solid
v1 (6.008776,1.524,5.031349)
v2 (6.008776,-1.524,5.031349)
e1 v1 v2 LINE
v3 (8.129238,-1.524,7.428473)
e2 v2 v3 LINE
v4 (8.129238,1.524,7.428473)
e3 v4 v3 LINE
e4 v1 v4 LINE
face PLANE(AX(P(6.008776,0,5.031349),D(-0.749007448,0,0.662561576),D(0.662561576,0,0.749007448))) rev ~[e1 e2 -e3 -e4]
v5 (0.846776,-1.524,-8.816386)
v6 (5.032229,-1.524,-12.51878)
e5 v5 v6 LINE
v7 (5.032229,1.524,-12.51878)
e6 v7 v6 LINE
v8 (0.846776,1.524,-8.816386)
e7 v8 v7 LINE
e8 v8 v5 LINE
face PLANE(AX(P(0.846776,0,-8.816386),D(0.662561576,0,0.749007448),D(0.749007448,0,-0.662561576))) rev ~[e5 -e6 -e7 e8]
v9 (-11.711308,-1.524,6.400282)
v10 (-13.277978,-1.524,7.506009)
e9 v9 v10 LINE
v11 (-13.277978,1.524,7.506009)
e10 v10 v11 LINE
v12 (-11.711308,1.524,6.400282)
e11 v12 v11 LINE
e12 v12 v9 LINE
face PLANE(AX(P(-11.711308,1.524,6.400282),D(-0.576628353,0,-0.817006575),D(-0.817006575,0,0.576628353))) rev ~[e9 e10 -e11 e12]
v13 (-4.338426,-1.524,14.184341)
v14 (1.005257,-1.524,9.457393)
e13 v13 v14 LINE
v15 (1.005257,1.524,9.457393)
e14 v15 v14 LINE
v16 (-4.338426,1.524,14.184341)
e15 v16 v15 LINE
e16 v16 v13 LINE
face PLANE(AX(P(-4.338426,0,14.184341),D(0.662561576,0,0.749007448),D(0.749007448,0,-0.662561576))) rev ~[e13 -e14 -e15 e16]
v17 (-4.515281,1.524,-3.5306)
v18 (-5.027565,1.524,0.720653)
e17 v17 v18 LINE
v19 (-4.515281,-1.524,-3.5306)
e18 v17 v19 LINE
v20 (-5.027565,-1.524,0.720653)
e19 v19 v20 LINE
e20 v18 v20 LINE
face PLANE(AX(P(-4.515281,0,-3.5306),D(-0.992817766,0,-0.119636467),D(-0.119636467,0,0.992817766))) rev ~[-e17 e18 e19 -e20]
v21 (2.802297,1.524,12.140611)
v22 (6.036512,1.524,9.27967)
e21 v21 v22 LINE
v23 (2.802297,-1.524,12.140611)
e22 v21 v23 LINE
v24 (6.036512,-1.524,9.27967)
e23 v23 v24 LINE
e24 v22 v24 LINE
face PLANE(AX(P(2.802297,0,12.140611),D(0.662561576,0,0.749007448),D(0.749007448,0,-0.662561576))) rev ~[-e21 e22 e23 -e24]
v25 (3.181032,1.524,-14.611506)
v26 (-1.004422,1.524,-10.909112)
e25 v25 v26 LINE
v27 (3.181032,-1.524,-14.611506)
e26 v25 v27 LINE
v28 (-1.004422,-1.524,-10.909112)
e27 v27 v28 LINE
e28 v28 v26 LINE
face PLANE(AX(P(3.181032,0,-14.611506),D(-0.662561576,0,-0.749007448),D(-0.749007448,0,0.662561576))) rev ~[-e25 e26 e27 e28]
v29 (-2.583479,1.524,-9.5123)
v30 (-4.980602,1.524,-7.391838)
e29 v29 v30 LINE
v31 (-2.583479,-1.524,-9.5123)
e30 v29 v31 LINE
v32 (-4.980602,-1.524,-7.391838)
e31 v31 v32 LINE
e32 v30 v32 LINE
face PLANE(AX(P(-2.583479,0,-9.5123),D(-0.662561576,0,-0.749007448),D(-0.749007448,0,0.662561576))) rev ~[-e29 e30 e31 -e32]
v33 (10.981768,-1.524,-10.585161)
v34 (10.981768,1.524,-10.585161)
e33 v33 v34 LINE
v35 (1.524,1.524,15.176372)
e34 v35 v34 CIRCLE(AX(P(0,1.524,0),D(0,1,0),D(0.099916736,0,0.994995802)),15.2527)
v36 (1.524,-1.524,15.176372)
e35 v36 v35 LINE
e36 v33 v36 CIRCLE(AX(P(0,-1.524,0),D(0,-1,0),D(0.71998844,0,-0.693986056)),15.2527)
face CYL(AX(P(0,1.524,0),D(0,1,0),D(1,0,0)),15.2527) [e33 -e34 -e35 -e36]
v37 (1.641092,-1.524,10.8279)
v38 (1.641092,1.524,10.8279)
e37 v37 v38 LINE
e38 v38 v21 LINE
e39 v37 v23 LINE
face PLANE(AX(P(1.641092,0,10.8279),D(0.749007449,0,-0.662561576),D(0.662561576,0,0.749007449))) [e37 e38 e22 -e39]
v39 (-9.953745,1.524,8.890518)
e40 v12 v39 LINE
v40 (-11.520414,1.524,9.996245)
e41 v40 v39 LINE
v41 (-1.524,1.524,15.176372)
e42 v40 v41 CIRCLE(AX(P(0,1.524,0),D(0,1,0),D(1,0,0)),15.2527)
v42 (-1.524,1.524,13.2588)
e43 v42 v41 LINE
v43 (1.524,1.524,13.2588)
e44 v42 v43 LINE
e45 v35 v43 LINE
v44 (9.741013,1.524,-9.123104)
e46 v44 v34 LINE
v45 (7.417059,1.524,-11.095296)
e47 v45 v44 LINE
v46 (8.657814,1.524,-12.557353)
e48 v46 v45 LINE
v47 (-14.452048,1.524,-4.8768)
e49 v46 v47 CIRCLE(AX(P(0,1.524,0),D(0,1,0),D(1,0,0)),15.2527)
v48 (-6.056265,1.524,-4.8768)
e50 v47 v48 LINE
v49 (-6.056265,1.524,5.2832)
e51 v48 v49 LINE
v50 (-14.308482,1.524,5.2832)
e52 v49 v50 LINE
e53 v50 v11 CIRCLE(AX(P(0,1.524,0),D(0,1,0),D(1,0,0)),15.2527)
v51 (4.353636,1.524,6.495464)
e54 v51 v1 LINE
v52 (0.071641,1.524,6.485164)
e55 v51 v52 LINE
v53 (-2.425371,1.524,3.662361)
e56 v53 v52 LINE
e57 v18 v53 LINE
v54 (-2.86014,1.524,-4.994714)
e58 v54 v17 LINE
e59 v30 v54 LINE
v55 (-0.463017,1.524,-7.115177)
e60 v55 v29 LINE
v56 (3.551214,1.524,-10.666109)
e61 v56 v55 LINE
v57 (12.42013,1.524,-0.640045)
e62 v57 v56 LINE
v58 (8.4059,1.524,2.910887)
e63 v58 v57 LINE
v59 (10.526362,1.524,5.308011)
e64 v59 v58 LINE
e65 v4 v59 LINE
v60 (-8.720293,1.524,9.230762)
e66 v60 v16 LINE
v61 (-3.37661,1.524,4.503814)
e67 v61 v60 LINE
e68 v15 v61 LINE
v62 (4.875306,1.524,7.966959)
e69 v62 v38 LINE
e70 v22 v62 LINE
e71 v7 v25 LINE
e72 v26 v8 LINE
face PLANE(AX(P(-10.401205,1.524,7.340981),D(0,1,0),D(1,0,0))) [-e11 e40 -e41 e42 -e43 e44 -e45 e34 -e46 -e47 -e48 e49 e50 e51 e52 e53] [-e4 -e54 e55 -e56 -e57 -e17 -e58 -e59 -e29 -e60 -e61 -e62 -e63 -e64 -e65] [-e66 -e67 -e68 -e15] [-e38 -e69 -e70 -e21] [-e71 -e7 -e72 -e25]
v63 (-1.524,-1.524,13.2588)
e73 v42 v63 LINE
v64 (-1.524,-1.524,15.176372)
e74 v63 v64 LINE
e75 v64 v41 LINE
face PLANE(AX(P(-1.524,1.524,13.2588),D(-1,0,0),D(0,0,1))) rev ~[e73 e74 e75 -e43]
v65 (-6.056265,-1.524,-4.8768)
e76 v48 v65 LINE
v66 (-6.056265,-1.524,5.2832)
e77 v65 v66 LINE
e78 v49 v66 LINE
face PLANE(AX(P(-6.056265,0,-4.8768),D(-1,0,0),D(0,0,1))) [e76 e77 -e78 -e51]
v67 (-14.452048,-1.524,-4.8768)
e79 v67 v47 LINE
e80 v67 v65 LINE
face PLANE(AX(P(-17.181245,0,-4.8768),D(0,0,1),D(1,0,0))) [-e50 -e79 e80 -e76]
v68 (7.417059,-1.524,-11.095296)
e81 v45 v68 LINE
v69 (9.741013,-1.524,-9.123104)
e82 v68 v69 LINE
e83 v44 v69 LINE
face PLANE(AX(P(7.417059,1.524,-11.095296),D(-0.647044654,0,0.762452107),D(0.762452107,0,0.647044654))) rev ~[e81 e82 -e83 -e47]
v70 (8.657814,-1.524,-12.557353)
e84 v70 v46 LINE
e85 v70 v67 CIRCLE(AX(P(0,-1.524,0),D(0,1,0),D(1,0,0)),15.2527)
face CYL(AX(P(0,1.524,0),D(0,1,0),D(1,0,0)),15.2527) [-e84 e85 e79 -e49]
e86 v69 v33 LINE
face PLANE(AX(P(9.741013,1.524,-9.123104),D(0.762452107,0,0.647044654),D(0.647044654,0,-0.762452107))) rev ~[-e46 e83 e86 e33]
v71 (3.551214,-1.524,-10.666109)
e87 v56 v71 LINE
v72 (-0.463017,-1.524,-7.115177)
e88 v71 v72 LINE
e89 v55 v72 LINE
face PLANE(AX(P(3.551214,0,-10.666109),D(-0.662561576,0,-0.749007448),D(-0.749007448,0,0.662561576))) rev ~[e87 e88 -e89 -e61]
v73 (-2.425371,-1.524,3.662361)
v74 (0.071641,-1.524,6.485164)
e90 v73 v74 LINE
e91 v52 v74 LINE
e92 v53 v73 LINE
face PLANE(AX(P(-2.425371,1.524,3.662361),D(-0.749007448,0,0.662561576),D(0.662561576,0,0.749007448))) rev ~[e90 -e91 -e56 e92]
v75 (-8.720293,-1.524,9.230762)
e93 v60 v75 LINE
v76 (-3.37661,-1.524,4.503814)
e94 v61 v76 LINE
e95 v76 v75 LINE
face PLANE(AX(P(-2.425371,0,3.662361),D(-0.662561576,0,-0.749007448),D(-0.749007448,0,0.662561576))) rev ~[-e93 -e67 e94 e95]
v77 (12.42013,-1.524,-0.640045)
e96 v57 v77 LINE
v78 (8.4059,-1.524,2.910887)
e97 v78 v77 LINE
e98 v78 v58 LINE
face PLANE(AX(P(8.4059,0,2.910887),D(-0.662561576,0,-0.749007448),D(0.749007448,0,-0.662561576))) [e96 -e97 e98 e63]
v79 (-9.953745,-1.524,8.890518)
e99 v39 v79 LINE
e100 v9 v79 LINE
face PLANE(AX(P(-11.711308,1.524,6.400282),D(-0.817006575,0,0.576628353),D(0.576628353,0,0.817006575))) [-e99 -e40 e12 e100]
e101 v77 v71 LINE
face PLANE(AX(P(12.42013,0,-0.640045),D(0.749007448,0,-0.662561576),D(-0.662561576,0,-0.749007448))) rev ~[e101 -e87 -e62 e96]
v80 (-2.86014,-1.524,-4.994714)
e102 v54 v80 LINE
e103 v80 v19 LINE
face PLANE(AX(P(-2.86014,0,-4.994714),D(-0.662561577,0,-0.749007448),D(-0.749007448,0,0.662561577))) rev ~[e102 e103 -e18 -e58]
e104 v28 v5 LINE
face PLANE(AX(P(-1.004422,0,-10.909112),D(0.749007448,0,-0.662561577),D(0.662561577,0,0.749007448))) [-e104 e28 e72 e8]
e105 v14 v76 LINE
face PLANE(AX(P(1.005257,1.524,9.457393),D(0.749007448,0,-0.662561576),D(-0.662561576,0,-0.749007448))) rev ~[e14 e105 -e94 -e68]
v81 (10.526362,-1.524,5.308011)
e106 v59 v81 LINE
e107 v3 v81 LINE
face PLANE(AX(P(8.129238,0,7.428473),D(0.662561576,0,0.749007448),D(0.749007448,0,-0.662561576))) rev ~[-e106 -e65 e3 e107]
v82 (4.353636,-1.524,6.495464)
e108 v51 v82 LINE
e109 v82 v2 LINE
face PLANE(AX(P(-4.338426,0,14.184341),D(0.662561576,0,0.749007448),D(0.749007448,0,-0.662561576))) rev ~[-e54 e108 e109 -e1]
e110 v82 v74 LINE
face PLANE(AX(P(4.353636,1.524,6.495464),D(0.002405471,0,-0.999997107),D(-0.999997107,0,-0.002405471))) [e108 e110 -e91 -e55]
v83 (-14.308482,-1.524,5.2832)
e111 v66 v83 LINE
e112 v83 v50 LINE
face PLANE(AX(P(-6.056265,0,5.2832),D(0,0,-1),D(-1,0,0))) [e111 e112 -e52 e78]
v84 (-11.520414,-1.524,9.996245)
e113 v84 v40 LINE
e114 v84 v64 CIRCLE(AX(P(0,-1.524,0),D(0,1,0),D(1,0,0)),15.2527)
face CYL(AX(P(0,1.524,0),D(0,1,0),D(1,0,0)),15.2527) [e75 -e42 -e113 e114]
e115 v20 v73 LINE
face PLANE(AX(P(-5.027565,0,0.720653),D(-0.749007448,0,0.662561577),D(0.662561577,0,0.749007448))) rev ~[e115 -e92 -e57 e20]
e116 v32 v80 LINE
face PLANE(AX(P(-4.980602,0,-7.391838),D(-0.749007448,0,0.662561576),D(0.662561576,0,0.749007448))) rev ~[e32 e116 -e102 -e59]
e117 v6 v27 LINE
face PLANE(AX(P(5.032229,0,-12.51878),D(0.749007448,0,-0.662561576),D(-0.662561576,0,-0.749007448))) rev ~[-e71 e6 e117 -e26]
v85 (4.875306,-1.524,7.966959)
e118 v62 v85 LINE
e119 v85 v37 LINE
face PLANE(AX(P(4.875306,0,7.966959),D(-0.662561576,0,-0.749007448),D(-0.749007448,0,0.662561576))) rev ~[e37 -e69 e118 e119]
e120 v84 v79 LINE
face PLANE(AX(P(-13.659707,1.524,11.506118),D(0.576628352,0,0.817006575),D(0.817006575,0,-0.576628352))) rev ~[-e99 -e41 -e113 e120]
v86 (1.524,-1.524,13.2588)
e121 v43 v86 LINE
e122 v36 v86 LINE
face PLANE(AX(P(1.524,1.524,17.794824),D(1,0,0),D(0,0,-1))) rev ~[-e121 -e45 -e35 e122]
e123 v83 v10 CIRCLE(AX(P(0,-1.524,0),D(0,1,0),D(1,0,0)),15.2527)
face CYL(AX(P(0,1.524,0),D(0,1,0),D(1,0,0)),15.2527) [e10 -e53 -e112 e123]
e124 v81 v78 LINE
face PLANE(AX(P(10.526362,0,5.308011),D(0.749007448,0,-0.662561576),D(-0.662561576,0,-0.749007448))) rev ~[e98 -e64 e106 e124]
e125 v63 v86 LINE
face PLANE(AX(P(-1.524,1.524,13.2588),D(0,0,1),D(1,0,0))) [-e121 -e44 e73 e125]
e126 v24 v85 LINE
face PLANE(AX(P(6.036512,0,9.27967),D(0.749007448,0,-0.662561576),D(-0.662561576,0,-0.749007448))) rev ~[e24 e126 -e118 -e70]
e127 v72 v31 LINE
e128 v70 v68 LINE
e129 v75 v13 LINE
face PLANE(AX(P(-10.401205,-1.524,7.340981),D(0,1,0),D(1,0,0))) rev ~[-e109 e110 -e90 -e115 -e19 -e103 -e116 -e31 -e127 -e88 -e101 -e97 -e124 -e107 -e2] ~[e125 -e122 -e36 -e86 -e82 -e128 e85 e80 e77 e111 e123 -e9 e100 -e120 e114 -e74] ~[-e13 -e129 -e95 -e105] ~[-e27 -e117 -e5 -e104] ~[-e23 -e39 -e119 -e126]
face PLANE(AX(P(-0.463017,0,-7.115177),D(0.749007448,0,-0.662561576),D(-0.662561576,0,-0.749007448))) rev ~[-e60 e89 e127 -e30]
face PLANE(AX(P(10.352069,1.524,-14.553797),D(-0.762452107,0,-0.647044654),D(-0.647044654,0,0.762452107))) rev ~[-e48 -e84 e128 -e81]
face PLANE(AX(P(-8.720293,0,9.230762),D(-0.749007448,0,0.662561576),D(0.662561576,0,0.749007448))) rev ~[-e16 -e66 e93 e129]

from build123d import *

# Parameters (mm, degrees)
SKETCH1_R           = 1.143
BOSS_EXTRUDE1_DEPTH = 1.524
SKETCH2_R           = 1.524
SKETCH2_R_2         = 1.143
CUT_EXTRUDE1_DEPTH  = 25.96925768
SKETCH4_R           = 20.695463349
SKETCH4_R_2         = 15.2527
CUT_EXTRUDE2_DEPTH  = 25.96925768
BOSS_EXTRUDE2_DEPTH = 3.048
BOSS_EXTRUDE3_DEPTH = 3.048


with BuildPart() as part:
    # Sketch1 → Boss-Extrude1 (new, symmetric)
    with BuildSketch(Plane(origin=(0, 0, 0), x_dir=(1, 0, 0), z_dir=(0, 1, 0))):
        with BuildLine():
            ThreePointArc((-17.060660873, -5.2832), (-0.126583546, -17.859516463), (16.984058744, -5.5245))
            Line((16.984058744, -5.5245), (16.984058744, 5.5245))
            ThreePointArc((16.984058744, 5.5245), (-0.338525345, 17.856756488), (-17.181244816, 4.8768))
            Line((-17.181244816, 4.8768), (-6.056265338, 4.8768))
            Line((-6.056265338, 4.8768), (-6.056265338, -5.2832))
            Line((-6.056265338, -5.2832), (-17.060660873, -5.2832))
        make_face()
        with Locations(Location((8.579035657, 10.1092, 0), (0, 0, 90))):
            Circle(SKETCH1_R, mode=Mode.SUBTRACT)
        with Locations(Location((0, -13.2588, 0), (0, 0, 90))):
            Circle(SKETCH1_R, mode=Mode.SUBTRACT)
        with Locations(Location((-10.832526773, -7.6454, 0), (0, 0, 90))):
            Circle(SKETCH1_R, mode=Mode.SUBTRACT)
        Polygon((6.036511594, -9.279669889), (4.875306175, -7.966959435), (1.641092014, -10.827900322), (2.802297432, -12.140610776), align=None, mode=Mode.SUBTRACT)
        Polygon((-5.027565338, -0.720652536), (-2.425370717, -3.662361234), (-8.720293025, -9.230761998), (-4.338426069, -14.184340812), (6.008776335, -5.031349407), (8.129238404, -7.428472845), (10.526361842, -5.308010776), (8.405899773, -2.910887338), (12.420130291, 0.640045174), (3.551213542, 10.666109075), (-0.463016976, 7.115176563), (-2.583479045, 9.5123), (-4.980602482, 7.391837931), (-2.860140414, 4.994714494), (-4.515281158, 3.5306), align=None, mode=Mode.SUBTRACT)
        Polygon((0.846775502, 8.816385505), (5.032229122, 12.518779594), (3.181032078, 14.611506404), (-1.004421543, 10.909112315), align=None, mode=Mode.SUBTRACT)
    extrude(amount=BOSS_EXTRUDE1_DEPTH, both=True)

    # Sketch2 → Cut-Extrude1 (cut, through all)
    # profile 1 of 6: a face of its own
    with BuildSketch(Plane(origin=(0, 1.524, 0), x_dir=(1, 0, 0), z_dir=(0, 1, 0))):
        with Locations((-10.832526773, -7.6454)):
            Circle(SKETCH2_R)
        with Locations((-10.832526773, -7.6454)):
            Circle(SKETCH2_R_2, mode=Mode.SUBTRACT)
    # profile 2 of 6: a face of its own
    with BuildSketch(Plane(origin=(0, 1.524, 0), x_dir=(1, 0, 0), z_dir=(0, 1, 0))):
        with BuildLine():
            ThreePointArc((-15.417270145, -9.015882261), (-14.591708872, -10.298562224), (-13.659706927, -11.506118301))
            Line((-13.659706927, -11.506118301), (-9.953745163, -8.89051802))
            ThreePointArc((-9.953745163, -8.89051802), (-12.077644792, -8.524181609), (-11.711308382, -6.40028198))
            Line((-11.711308382, -6.40028198), (-15.417270145, -9.015882261))
        make_face()
    # profile 3 of 6: a face of its own
    with BuildSketch(Plane(origin=(0, 1.524, 0), x_dir=(1, 0, 0), z_dir=(0, 1, 0))):
        with BuildLine():
            ThreePointArc((1.524, -13.2588), (0, -14.7828), (-1.524, -13.2588))
            Line((-1.524, -13.2588), (-1.524, -17.794824407))
            ThreePointArc((-1.524, -17.794824407), (0, -17.859965052), (1.524, -17.794824407))
            Line((1.524, -17.794824407), (1.524, -13.2588))
        make_face()
    # profile 4 of 6: a face of its own
    with BuildSketch(Plane(origin=(0, 1.524, 0), x_dir=(1, 0, 0), z_dir=(0, 1, 0))):
        with Locations((0, -13.2588)):
            Circle(SKETCH2_R)
        with Locations((0, -13.2588)):
            Circle(SKETCH2_R_2, mode=Mode.SUBTRACT)
    # profile 5 of 6: a face of its own
    with BuildSketch(Plane(origin=(0, 1.524, 0), x_dir=(1, 0, 0), z_dir=(0, 1, 0))):
        with BuildLine():
            Line((10.352068988, 14.55379742), (7.417058645, 11.095296053))
            ThreePointArc((7.417058645, 11.095296053), (9.104260863, 11.539834294), (10.103035657, 10.1092))
            ThreePointArc((10.103035657, 10.1092), (10.009669951, 9.583974794), (9.741012668, 9.123103947))
            Line((9.741012668, 9.123103947), (12.676023011, 12.581605315))
            ThreePointArc((12.676023011, 12.581605315), (11.556194906, 13.61736799), (10.352068988, 14.55379742))
        make_face()
    # profile 6 of 6: a face of its own
    with BuildSketch(Plane(origin=(0, 1.524, 0), x_dir=(1, 0, 0), z_dir=(0, 1, 0))):
        with Locations((8.579035657, 10.1092)):
            Circle(SKETCH2_R)
        with Locations((8.579035657, 10.1092)):
            Circle(SKETCH2_R_2, mode=Mode.SUBTRACT)
    extrude(amount=-CUT_EXTRUDE1_DEPTH, mode=Mode.SUBTRACT)

    # Sketch4 → Cut-Extrude2 (cut, through all)
    with BuildSketch(Plane(origin=(0, 1.524, 0), x_dir=(1, 0, 0), z_dir=(0, 1, 0))):
        Circle(SKETCH4_R)
        Circle(SKETCH4_R_2, mode=Mode.SUBTRACT)
    extrude(amount=-CUT_EXTRUDE2_DEPTH, mode=Mode.SUBTRACT)

    # Sketch5 → Boss-Extrude2 (add)
    with BuildSketch(Plane(origin=(0, 1.524, 0), x_dir=(1, 0, 0), z_dir=(0, 1, 0))):
        Polygon((-2.425370717, -3.662361234), (1.956496239, -8.615940048), (1.005256779, -9.45739325), (-3.376610176, -4.503814436), align=None)
    extrude(amount=-BOSS_EXTRUDE2_DEPTH)

    # Sketch6 → Boss-Extrude3 (add)
    with BuildSketch(Plane(origin=(0, 1.524, 0), x_dir=(1, 0, 0), z_dir=(0, 1, 0))):
        with BuildLine():
            Line((-11.711308382, -6.40028198), (-9.953745163, -8.89051802))
            ThreePointArc((-9.953745163, -8.89051802), (-9.587408753, -6.766618391), (-11.711308382, -6.40028198))
        make_face()
        with BuildLine():
            Line((-1.524, -13.2588), (1.524, -13.2588))
            ThreePointArc((1.524, -13.2588), (0, -11.7348), (-1.524, -13.2588))
        make_face()
        with BuildLine():
            Line((7.417058645, 11.095296053), (9.741012668, 9.123103947))
            ThreePointArc((9.741012668, 9.123103947), (7.592939604, 8.947222989), (7.417058645, 11.095296053))
        make_face()
        Polygon((4.353635591, -6.495463901), (0.071641066, -6.485163659), (1.956496239, -8.615940048), align=None)
    extrude(amount=-BOSS_EXTRUDE3_DEPTH)


solid = part.part
